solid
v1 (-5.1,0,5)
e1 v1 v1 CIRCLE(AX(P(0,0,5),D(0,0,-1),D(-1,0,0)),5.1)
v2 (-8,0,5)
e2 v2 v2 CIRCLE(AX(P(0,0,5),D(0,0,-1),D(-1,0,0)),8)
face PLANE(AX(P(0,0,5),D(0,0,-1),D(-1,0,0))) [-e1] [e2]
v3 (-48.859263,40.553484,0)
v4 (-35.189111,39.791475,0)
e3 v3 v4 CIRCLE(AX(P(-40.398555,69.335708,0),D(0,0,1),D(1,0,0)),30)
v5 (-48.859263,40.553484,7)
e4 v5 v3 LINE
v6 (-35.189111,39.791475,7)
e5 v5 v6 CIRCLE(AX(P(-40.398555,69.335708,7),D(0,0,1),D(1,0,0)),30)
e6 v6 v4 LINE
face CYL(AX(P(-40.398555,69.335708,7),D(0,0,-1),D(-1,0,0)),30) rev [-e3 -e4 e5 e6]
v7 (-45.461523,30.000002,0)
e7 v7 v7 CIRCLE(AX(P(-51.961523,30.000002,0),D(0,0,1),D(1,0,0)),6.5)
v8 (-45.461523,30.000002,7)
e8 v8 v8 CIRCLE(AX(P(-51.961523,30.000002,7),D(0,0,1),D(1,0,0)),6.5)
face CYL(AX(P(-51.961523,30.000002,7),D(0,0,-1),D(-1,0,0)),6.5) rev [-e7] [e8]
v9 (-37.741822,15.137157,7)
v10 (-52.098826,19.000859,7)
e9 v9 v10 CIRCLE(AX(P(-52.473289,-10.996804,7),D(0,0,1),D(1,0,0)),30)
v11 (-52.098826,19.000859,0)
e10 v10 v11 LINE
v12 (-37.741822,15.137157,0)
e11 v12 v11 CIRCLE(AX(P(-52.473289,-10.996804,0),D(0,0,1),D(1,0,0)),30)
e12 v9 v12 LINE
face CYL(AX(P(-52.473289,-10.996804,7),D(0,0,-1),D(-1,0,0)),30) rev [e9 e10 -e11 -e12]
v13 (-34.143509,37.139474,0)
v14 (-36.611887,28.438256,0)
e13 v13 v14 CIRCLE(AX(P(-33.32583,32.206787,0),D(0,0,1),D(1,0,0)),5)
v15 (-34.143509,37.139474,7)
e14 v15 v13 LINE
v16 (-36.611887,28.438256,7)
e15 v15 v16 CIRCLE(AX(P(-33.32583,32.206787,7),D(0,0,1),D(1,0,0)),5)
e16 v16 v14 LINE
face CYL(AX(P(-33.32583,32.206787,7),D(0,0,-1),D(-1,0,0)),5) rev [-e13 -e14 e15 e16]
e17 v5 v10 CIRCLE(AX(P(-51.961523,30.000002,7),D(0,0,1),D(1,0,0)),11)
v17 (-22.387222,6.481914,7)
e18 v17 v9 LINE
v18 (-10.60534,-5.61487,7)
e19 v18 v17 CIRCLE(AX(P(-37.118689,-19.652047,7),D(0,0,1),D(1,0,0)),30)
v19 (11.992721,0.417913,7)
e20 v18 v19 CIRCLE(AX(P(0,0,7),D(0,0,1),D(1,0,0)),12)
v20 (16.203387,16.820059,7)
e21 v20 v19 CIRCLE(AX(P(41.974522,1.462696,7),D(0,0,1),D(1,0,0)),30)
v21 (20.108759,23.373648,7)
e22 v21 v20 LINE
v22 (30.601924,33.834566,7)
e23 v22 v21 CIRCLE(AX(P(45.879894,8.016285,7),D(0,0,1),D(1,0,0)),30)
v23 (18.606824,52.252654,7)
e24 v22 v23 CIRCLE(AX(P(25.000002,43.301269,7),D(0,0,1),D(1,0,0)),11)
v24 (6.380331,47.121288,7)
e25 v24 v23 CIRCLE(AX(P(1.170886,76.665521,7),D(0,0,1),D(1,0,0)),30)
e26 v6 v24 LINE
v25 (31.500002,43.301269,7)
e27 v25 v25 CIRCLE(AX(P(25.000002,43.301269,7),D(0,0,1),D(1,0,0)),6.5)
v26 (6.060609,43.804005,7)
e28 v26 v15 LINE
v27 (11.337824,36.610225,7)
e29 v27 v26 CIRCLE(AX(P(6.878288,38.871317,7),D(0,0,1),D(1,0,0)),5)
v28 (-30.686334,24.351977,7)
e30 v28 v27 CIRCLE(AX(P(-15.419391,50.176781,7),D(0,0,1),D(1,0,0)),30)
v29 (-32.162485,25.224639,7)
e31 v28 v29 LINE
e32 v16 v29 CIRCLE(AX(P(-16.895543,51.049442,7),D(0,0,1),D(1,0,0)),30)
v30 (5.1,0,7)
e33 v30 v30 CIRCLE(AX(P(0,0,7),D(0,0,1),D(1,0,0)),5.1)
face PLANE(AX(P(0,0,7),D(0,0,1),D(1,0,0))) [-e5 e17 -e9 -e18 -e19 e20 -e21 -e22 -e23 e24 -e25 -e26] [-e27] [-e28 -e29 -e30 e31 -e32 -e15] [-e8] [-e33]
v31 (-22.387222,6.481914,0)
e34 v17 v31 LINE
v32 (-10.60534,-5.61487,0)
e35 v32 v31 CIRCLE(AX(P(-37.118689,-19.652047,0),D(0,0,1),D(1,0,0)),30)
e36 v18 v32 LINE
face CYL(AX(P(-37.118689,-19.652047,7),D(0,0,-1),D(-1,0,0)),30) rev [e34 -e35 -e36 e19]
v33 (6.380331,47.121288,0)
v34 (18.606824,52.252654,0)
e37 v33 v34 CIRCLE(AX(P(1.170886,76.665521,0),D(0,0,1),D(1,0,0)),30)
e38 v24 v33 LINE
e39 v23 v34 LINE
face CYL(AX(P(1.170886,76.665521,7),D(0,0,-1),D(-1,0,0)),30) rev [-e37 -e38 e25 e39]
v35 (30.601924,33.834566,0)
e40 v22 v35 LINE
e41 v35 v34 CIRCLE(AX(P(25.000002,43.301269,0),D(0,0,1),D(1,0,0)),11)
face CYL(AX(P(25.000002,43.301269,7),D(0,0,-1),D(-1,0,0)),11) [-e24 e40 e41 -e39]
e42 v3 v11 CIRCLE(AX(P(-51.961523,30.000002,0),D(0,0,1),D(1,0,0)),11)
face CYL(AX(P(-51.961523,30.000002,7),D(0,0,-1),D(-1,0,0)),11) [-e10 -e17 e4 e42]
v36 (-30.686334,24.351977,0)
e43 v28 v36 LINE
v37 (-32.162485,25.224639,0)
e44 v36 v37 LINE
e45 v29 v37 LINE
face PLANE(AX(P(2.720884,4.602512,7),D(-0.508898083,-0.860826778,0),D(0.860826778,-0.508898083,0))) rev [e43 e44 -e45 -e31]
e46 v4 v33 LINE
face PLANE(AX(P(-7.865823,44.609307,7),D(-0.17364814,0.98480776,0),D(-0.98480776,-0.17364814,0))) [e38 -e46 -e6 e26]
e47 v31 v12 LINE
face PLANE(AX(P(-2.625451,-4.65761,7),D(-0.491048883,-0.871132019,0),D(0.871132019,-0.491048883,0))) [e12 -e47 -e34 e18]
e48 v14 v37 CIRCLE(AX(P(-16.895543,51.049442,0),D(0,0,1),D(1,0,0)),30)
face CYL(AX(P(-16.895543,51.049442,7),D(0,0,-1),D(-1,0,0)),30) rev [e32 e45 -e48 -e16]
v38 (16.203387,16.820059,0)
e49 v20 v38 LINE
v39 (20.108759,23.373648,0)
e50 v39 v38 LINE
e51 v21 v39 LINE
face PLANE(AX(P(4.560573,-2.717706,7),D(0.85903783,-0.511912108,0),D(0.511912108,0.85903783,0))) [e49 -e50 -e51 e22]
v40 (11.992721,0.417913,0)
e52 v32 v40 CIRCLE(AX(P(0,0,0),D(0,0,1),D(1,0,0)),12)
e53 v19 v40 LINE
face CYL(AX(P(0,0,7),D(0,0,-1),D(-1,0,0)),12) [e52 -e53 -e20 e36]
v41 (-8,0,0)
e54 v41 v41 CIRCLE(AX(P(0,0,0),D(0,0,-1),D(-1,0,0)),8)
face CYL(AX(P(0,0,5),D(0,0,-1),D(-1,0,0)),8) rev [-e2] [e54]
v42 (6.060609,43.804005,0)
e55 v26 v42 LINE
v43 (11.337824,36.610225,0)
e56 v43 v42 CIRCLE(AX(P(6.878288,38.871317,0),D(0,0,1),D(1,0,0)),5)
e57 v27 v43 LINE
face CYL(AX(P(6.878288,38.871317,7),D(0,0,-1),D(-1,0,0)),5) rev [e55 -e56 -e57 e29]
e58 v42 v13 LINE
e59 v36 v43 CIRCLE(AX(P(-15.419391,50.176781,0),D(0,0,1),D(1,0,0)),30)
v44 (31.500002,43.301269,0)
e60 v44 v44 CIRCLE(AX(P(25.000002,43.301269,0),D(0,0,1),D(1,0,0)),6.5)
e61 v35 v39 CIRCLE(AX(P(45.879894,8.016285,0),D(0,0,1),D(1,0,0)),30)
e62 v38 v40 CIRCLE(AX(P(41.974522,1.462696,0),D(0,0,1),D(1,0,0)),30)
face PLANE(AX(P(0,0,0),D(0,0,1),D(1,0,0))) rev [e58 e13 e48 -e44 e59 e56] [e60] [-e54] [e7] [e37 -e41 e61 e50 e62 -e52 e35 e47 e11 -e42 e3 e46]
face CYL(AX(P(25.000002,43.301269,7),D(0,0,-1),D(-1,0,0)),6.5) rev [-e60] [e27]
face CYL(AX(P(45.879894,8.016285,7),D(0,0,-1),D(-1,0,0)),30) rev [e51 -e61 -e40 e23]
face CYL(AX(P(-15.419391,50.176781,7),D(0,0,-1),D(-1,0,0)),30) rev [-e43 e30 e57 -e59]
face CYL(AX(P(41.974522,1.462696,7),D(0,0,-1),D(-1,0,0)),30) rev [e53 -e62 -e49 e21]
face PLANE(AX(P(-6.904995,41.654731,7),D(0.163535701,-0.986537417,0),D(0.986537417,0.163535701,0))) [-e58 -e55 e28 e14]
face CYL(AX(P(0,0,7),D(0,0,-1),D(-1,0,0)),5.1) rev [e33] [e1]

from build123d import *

# Parameters (mm, degrees)
SKETCH_3_R          = 6.5
SKETCH_3_R_2        = 5.1
EXTRUDE_1_DEPTH     = 7
SKETCH_4_R          = 8
CUT_EXTRUDE_1_DEPTH = 5


with BuildPart() as part:
    # 草图3 → 凸台-拉伸1 (new body)
    with BuildSketch(Plane.XY):
        with BuildLine():
            Line((-22.387222404, 6.481913971), (-37.741822074, 15.137156625))
            ThreePointArc((-37.741822074, 15.137156625), (-44.677179157, 17.972501845), (-52.098826017, 19.000858921))
            ThreePointArc((-52.098826017, 19.000858921), (-62.839328708, 31.635038635), (-48.859263412, 40.553484096))
            ThreePointArc((-48.859263412, 40.553484096), (-42.068238936, 39.382208167), (-35.189110999, 39.791475278))
            Line((-35.189110999, 39.791475278), (6.380330607, 47.121287778))
            ThreePointArc((6.380330607, 47.121287778), (12.780626397, 49.003020007), (18.606824384, 52.252653742))
            ThreePointArc((18.606824384, 52.252653742), (34.217539735, 49.304351078), (30.601923927, 33.834566184))
            ThreePointArc((30.601923927, 33.834566184), (24.699361424, 29.262109391), (20.108758873, 23.373648349))
            Line((20.108758873, 23.373648349), (16.20338738, 16.820058769))
            ThreePointArc((16.20338738, 16.820058769), (12.916733667, 8.922247815), (11.992720655, 0.417913012))
            ThreePointArc((11.992720655, 0.417913012), (3.095129334, -11.593971468), (-10.60533968, -5.614870459))
            ThreePointArc((-10.60533968, -5.614870459), (-15.627603439, 1.279586072), (-22.387222404, 6.481913971))
        make_face()
        with Locations((-51.961523087, 30.000001974)):
            Circle(SKETCH_3_R, mode=Mode.SUBTRACT)
        with Locations((25.000001645, 43.30126924)):
            Circle(SKETCH_3_R, mode=Mode.SUBTRACT)
        Circle(SKETCH_3_R_2, mode=Mode.SUBTRACT)
        with BuildLine():
            Line((6.06060926, 43.804004569), (-34.143508536, 37.139474198))
            ThreePointArc((-34.143508536, 37.139474198), (-38.136023536, 33.571352415), (-36.611887481, 28.438256042))
            ThreePointArc((-36.611887481, 28.438256042), (-34.460833245, 26.729480075), (-32.162485272, 25.224639143))
            Line((-32.162485272, 25.224639143), (-30.686333973, 24.351977435))
            ThreePointArc((-30.686333973, 24.351977435), (-7.018632683, 21.377002096), (11.337823614, 36.610224829))
            ThreePointArc((11.337823614, 36.610224829), (10.909838082, 41.82878296), (6.06060926, 43.804004569))
        make_face(mode=Mode.SUBTRACT)
    extrude(amount=EXTRUDE_1_DEPTH)

    # 草图4 → 切除-拉伸1 (cut)
    with BuildSketch(Plane(origin=(0, 0, 0), x_dir=(-1, 0, 0), z_dir=(0, 0, -1))):
        Circle(SKETCH_4_R)
    extrude(amount=-CUT_EXTRUDE_1_DEPTH, mode=Mode.SUBTRACT)


solid = part.part
